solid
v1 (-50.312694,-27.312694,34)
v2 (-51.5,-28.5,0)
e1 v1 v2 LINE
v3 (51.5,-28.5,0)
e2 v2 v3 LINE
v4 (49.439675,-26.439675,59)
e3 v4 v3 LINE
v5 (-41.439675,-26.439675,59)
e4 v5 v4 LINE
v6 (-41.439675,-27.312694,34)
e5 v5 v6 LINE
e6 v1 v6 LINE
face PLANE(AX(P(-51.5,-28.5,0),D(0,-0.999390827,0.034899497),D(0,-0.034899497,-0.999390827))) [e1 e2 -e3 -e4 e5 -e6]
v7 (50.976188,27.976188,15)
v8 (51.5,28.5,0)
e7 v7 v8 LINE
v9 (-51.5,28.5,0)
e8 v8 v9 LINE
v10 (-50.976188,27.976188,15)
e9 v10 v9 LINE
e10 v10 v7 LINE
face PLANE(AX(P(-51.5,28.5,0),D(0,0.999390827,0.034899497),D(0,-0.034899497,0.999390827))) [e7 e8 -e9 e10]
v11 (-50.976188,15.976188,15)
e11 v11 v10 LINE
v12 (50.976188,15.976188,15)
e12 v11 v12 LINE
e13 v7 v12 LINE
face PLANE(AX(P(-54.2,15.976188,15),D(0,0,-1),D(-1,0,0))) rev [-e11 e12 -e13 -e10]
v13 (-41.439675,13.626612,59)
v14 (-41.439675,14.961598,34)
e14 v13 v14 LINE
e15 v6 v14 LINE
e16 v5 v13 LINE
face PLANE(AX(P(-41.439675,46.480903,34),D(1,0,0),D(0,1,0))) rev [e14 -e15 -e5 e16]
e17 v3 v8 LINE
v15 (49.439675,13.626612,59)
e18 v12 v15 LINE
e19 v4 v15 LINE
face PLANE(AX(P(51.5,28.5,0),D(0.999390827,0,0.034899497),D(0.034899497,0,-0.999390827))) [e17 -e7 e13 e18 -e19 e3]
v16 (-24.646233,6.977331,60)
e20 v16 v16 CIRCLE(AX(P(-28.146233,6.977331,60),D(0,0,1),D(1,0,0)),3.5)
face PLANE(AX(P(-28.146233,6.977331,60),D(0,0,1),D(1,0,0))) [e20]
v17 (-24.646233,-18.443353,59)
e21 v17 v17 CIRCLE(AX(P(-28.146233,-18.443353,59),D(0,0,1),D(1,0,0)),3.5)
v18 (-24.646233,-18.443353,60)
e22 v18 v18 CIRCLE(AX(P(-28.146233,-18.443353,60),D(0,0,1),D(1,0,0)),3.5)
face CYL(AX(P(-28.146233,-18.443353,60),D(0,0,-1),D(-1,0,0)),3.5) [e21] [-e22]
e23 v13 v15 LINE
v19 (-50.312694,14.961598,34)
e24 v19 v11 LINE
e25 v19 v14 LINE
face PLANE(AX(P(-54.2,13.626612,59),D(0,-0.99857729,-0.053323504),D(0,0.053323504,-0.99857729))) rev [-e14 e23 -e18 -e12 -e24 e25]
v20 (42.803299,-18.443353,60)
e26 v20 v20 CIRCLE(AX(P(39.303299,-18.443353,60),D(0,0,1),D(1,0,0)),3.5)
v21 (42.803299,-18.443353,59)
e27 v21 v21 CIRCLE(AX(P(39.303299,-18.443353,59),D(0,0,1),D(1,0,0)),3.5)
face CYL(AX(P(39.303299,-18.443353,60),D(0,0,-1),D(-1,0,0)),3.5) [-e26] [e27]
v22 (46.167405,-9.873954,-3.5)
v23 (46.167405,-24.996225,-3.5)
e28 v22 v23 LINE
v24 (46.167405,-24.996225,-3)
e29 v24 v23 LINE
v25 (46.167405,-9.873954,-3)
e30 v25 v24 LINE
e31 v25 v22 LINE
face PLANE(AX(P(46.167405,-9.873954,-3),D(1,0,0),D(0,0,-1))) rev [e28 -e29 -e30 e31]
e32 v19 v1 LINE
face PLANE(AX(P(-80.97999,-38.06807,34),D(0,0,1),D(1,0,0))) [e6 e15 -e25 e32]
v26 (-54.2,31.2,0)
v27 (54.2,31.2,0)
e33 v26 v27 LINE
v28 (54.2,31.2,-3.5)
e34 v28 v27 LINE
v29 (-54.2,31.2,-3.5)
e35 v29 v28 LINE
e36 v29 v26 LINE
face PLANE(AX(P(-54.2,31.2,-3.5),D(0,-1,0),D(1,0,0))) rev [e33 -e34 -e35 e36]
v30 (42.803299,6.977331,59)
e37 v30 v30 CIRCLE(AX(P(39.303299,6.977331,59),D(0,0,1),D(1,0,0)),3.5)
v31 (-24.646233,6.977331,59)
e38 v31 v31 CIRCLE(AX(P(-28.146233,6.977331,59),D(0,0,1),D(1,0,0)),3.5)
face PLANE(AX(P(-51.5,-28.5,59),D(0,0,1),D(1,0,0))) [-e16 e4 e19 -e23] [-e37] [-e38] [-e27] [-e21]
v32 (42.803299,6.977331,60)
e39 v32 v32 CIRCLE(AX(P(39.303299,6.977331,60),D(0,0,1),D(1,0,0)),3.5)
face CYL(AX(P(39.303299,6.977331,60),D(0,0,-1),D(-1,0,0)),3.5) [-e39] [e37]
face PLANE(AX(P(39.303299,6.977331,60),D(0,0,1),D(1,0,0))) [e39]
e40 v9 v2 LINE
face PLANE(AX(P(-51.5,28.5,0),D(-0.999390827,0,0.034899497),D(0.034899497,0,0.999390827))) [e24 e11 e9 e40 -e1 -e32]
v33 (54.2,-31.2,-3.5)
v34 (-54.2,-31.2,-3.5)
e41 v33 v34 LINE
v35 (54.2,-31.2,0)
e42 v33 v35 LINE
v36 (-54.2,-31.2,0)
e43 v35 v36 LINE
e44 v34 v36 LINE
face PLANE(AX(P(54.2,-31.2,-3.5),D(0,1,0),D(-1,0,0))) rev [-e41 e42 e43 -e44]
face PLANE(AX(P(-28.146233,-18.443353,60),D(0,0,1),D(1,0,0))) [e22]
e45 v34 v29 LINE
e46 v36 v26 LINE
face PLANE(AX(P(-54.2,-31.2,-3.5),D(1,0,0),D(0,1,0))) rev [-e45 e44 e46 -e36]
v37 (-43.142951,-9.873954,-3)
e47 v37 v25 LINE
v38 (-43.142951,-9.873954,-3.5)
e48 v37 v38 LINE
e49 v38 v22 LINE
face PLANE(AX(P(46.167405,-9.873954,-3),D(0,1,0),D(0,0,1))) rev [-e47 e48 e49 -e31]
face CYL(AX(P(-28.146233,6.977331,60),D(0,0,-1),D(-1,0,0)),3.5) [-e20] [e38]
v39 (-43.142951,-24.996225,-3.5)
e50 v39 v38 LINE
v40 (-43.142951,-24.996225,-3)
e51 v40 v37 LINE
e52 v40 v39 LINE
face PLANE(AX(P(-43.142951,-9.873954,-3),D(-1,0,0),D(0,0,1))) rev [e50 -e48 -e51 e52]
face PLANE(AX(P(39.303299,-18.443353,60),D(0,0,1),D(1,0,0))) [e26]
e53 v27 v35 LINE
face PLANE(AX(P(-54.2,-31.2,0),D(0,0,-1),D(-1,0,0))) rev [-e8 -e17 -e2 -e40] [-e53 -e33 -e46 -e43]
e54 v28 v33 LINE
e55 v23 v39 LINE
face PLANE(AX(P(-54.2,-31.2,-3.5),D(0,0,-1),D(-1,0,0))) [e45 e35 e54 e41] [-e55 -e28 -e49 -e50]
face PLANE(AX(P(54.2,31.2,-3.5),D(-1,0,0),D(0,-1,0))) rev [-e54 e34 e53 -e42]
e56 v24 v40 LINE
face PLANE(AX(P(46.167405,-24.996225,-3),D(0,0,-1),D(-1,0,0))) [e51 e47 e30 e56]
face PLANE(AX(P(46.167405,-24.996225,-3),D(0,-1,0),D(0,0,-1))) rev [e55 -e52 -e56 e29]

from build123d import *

# Parameters (mm, degrees)
SKETCH_1_W               = 103
SKETCH_1_H               = 57
EXTRUDE_1_DEPTH          = 59
EXTRUDE_1_TAPER          = 2
SKETCH_2_W               = 39.54031551
SKETCH_2_H               = 84.548972525
CUT_EXTRUDE_1_DEPTH      = 25
SKETCH_3_R               = 3.5
EXTRUDE_2_DEPTH          = 1
SKETCH_4_W               = 108.4
SKETCH_4_H               = 62.4
EXTRUDE_3_DEPTH          = 3.5
CUT_EXTRUDE_2_DEPTH      = 87.666487179
CUT_EXTRUDE_2_DEPTH_BACK = 87.666487179
SKETCH_6_W               = 89.310356146
SKETCH_6_H               = 15.122271459
CUT_EXTRUDE_3_DEPTH      = 0.5


with BuildPart() as part:
    # 草图1 → 拉伸1 (new body)
    with BuildSketch(Plane.XY):
        Rectangle(SKETCH_1_W, SKETCH_1_H)
    extrude(amount=EXTRUDE_1_DEPTH, taper=EXTRUDE_1_TAPER)

    # 草图2 → 切除-拉伸1 (cut)
    with BuildSketch(Plane.XY.offset(59)):
        with Locations((-61.209832355, 4.206416544)):
            Rectangle(SKETCH_2_W, SKETCH_2_H)
    extrude(amount=-CUT_EXTRUDE_1_DEPTH, mode=Mode.SUBTRACT)

    # 草图3 → 拉伸2 (add)
    with BuildSketch(Plane.XY.offset(59)):
        with Locations((-28.146233383, 6.977331271)):
            Circle(SKETCH_3_R)
        with Locations((39.303298868, 6.977331271)):
            Circle(SKETCH_3_R)
        with Locations((-28.146233383, -18.443352833)):
            Circle(SKETCH_3_R)
        with Locations((39.303298868, -18.443352833)):
            Circle(SKETCH_3_R)
    extrude(amount=EXTRUDE_2_DEPTH)

    # 草图4 → 拉伸3 (add)
    with BuildSketch(Plane(origin=(0, 0, 0), x_dir=(-1, 0, 0), z_dir=(0, 0, -1))):
        Rectangle(SKETCH_4_W, SKETCH_4_H)
    extrude(amount=EXTRUDE_3_DEPTH)

    # 草图5 → 切除-拉伸2 (cut, two sides: drawn at the far end of the back side and taken through both)
    with BuildSketch(Plane(origin=(0, 0, 0), x_dir=(0, 0, -1), z_dir=(1, 0, 0)).offset(-CUT_EXTRUDE_2_DEPTH_BACK)):
        Polygon((-59, 13.626611521), (-15, 15.976188458), (-15, 27.976188458), (-59, 29.657919194), align=None)
    extrude(amount=CUT_EXTRUDE_2_DEPTH + CUT_EXTRUDE_2_DEPTH_BACK, mode=Mode.SUBTRACT)

    # 草图6 → 切除-拉伸3 (cut)
    with BuildSketch(Plane(origin=(0, 0, -3.5), x_dir=(-1, 0, 0), z_dir=(0, 0, -1))):
        with Locations((-1.512227146, -17.435089447)):
            Rectangle(SKETCH_6_W, SKETCH_6_H)
    extrude(amount=-CUT_EXTRUDE_3_DEPTH, mode=Mode.SUBTRACT)


solid = part.part
